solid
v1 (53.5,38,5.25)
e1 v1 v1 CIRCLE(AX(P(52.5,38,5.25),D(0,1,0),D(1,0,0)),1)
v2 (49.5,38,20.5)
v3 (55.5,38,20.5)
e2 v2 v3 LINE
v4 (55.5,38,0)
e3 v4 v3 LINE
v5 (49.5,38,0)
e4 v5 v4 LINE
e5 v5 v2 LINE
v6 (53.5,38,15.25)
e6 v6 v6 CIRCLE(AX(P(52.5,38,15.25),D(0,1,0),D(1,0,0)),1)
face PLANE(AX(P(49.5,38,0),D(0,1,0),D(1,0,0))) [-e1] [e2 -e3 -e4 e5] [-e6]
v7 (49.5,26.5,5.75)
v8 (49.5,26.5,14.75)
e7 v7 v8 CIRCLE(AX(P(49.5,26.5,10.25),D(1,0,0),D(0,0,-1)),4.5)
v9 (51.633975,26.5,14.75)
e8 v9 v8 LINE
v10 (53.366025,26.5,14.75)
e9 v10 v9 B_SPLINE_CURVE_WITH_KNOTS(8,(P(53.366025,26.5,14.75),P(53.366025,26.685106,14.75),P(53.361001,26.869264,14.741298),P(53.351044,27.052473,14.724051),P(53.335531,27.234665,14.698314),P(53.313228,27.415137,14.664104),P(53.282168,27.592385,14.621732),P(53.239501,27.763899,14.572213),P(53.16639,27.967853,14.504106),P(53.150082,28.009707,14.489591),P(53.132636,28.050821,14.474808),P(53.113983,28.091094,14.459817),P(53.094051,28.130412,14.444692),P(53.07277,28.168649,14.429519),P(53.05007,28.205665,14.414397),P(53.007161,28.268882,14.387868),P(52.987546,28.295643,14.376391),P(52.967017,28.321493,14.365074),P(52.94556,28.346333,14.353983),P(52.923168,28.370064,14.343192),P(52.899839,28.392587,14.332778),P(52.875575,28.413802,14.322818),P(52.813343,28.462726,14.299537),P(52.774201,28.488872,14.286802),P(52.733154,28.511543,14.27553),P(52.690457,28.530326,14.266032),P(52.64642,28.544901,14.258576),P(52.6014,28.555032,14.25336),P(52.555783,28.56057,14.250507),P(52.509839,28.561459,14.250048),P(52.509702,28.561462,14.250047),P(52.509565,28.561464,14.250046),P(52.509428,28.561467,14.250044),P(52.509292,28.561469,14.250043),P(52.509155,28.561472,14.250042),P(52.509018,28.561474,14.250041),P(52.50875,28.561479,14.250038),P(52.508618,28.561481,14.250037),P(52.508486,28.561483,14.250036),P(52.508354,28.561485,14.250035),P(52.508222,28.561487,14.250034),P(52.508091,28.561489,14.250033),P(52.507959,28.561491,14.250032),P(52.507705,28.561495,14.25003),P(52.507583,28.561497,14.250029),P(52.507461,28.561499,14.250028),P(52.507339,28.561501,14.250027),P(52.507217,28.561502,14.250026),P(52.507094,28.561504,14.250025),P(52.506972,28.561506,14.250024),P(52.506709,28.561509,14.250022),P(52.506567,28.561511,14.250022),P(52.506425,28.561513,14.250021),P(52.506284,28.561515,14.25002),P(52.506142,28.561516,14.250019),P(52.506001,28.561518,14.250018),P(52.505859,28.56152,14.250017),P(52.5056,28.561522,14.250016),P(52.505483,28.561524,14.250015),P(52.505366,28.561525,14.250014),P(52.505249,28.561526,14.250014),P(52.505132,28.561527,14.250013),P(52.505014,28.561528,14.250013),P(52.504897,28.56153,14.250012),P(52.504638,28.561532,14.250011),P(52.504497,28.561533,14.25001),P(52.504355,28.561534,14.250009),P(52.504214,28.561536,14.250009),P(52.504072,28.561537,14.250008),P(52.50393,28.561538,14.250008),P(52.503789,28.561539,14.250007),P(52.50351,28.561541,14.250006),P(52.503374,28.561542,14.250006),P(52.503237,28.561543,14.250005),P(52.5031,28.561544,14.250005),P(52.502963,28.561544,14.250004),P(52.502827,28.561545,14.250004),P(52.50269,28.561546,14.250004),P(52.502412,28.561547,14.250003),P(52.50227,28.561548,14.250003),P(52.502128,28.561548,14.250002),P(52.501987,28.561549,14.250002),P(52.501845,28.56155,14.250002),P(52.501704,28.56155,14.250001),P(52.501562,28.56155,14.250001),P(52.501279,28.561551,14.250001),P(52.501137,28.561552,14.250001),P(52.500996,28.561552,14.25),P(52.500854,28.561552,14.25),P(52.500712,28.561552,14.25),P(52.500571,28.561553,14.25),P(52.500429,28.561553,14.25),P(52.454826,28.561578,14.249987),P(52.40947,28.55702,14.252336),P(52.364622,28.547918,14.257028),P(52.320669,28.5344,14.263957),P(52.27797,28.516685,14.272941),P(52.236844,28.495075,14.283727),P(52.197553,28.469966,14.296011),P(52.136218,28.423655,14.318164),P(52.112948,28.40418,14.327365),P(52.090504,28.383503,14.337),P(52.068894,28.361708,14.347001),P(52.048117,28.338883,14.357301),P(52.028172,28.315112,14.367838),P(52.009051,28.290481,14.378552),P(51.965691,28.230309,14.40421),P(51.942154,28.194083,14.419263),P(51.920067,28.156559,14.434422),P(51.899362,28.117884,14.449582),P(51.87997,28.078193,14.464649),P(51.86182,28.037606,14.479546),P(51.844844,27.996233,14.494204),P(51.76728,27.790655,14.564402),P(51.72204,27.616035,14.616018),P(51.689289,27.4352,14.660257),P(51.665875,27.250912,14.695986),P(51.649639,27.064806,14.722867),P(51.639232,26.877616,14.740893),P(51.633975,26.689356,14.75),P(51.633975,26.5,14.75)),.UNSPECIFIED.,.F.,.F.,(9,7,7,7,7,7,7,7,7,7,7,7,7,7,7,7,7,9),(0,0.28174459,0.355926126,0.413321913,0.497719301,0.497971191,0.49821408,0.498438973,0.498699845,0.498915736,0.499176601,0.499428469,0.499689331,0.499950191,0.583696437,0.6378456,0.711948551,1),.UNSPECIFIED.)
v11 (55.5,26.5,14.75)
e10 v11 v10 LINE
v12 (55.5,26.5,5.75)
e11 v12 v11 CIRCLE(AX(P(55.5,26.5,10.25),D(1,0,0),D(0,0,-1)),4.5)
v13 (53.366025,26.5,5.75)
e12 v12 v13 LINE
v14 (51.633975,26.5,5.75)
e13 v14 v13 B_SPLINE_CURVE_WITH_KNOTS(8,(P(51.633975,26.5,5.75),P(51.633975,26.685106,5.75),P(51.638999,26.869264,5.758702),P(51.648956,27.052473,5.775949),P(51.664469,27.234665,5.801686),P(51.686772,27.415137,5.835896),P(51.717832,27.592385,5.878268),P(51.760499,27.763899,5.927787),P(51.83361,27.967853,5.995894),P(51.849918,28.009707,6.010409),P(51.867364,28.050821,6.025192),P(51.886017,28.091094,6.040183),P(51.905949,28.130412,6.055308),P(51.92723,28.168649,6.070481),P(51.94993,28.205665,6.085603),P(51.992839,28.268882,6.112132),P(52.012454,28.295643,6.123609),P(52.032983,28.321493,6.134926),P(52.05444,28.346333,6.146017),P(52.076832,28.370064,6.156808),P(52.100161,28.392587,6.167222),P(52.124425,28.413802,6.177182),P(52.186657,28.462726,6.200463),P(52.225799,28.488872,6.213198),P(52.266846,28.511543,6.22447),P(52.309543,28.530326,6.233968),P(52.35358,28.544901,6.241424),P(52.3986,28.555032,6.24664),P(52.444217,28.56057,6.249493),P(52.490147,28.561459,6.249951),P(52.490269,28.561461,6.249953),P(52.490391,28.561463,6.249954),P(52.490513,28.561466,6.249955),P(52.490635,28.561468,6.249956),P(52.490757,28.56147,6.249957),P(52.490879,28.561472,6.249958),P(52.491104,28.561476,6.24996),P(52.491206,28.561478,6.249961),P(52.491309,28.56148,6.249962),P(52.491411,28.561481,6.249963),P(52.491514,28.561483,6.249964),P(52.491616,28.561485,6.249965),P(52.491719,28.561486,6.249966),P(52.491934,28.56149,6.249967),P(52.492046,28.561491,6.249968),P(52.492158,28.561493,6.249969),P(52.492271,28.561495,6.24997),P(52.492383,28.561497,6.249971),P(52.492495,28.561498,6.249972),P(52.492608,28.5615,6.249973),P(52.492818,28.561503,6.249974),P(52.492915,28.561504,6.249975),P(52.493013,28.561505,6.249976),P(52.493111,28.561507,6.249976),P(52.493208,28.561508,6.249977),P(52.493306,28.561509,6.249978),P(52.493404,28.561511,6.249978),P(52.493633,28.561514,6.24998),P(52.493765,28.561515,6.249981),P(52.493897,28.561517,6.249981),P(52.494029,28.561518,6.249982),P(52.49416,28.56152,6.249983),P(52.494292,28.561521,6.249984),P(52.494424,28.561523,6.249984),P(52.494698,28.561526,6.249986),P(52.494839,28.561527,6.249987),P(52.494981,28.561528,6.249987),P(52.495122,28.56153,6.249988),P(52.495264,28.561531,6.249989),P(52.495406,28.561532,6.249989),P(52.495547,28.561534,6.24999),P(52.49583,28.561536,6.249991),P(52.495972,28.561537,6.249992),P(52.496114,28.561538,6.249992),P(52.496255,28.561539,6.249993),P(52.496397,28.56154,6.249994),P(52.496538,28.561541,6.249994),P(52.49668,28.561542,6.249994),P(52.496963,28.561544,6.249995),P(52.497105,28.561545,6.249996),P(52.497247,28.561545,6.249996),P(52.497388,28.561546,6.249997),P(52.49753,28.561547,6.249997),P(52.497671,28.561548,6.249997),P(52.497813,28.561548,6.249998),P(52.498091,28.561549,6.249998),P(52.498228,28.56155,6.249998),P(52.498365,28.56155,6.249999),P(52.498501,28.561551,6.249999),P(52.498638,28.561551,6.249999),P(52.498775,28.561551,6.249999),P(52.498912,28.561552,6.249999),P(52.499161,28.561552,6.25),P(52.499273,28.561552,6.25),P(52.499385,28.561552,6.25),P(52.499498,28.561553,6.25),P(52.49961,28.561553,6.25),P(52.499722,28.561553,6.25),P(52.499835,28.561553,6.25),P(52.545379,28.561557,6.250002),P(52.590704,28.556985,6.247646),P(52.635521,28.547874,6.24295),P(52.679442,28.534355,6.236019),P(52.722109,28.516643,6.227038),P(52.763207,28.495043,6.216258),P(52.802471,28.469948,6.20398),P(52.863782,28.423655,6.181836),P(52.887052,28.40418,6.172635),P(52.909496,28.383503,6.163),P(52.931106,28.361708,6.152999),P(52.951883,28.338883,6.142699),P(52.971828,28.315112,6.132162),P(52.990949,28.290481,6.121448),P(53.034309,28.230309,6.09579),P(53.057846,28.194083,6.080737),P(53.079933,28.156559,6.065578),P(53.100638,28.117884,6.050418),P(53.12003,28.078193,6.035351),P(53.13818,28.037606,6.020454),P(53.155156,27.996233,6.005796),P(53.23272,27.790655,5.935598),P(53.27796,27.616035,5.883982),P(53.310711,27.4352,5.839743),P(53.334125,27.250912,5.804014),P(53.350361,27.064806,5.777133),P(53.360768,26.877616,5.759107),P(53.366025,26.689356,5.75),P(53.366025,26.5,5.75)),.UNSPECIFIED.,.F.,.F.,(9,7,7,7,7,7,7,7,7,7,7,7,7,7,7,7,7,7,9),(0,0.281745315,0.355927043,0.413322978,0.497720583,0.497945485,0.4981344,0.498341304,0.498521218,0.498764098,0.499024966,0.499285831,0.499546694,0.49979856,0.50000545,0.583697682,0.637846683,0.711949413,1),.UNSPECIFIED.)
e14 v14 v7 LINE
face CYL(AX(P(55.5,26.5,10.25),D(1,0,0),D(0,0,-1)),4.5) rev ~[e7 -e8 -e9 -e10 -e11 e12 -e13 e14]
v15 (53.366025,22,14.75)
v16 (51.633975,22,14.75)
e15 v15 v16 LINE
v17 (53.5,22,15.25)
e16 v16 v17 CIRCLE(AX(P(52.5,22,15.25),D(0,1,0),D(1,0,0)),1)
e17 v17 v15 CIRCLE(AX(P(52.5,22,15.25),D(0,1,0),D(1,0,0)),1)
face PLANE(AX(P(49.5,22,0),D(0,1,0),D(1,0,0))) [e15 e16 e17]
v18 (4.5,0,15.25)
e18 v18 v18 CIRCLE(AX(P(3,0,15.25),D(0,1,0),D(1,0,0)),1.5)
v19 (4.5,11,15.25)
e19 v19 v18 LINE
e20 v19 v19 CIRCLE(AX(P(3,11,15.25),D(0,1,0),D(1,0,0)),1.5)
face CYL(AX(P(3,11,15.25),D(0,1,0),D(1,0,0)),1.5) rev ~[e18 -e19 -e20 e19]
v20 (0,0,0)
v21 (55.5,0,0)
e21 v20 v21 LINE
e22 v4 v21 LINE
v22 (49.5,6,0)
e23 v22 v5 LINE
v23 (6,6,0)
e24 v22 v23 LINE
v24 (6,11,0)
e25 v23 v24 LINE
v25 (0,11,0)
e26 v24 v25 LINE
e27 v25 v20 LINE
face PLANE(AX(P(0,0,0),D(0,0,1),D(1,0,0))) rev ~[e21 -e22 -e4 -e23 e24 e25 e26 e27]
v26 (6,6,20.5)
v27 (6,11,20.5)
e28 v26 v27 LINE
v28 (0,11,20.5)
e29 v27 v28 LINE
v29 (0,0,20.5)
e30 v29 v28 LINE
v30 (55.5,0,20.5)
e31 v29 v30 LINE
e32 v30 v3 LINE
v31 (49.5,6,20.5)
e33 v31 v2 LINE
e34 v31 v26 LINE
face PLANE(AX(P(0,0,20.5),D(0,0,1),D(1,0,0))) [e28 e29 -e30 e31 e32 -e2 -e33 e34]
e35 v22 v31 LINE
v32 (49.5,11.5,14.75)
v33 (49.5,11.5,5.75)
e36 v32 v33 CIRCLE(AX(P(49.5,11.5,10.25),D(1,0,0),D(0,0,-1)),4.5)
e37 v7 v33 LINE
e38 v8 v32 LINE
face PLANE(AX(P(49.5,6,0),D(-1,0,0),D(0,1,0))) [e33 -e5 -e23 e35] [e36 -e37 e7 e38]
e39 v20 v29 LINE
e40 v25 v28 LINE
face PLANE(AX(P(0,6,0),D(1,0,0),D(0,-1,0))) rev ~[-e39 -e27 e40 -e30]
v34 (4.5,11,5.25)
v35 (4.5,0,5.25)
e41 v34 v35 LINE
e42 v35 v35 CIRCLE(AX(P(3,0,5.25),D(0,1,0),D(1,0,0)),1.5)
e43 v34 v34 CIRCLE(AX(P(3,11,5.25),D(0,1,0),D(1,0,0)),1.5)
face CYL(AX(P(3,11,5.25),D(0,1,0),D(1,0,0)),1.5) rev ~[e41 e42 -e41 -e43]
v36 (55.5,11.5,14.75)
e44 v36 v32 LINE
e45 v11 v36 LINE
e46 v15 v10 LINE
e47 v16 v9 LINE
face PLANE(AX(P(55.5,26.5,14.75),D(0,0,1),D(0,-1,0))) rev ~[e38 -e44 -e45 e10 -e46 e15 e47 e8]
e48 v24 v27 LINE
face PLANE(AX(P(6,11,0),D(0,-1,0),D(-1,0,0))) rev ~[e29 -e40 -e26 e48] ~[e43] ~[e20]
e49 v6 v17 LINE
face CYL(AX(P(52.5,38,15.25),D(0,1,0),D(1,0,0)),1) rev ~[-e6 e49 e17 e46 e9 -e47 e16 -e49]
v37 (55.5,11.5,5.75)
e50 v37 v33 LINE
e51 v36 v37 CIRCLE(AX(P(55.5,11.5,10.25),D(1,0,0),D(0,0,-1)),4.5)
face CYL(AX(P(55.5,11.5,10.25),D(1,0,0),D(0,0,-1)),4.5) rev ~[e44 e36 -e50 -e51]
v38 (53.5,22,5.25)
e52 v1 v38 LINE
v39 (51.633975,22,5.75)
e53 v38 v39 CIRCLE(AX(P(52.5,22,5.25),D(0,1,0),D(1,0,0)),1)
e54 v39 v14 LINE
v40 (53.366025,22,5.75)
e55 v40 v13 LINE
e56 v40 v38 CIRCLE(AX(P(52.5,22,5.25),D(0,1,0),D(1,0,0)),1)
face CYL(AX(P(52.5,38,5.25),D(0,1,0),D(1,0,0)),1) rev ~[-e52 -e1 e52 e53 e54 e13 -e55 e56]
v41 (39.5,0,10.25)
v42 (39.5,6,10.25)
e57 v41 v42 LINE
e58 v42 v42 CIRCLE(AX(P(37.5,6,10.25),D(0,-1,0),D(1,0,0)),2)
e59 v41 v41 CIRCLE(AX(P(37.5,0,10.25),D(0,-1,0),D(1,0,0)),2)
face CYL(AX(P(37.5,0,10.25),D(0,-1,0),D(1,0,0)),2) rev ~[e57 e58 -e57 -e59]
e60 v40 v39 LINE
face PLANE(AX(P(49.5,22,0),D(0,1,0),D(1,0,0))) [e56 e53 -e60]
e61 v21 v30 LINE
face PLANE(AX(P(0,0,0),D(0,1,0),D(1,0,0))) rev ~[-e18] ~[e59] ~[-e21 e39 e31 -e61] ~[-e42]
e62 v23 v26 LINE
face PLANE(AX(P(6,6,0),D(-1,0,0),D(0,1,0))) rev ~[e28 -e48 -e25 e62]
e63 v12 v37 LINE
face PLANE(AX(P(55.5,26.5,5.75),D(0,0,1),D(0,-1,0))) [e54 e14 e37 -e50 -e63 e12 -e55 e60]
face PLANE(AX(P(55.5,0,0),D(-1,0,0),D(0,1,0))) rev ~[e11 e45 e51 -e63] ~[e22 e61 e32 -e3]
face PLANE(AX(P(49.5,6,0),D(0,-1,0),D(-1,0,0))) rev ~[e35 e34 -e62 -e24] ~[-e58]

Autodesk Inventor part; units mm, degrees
ref_plane "YZ Plane" through (0, 0, 0) normal (1, 0, 0) x (0, 1, 0)
ref_plane "XZ Plane" through (0, 0, 0) normal (0, 1, 0) x (-1, 0, 0)
ref_plane "XY Plane" through (0, 0, 0) normal (0, 0, 1) x (1, 0, 0)
sketch "Эскиз1" plane through (0, 0, 0) normal (0, 0, 1) x (1, 0, 0)
  line L0 (0, 0) -> (55.5, 0)
  line L1 (55.5, 0) -> (55.5, 6)
  line L2 (55.5, 6) -> (0, 6)
  line L3 (0, 6) -> (0, 0)
  line L4 (0, 6) -> (6, 6)
  line L5 (6, 6) -> (6, 11)
  line L6 (6, 11) -> (0, 11)
  line L7 (0, 11) -> (0, 6)
  line L8 (55.5, 6) -> (49.5, 6)
  line L9 (49.5, 6) -> (49.5, 38)
  line L10 (49.5, 38) -> (55.5, 38)
  line L11 (55.5, 38) -> (55.5, 6)
  dimension "d0" = 38
  dimension "d1" = 6
  dimension "d2" = 6
  dimension "d3" = 6
  dimension "d4" = 11
  dimension "d5" = 55.5
extrude "Выдавливание1" add sketch "Эскиз1" along normal blind 20.5
sketch "Эскиз2" plane through (55.5, 0, 0) normal (1, 0, 0) x (0, 0, -1)
  circle A0 centre (-10.25, 26.5) radius 4.5
  circle A1 centre (-10.25, 11.5) radius 4.5
  line L0 (-5.75, 26.5) -> (-5.75, 11.5)
  line L1 (-14.75, 26.5) -> (-14.75, 11.5)
  line L2 (0, 0) -> (-20.5, 0) projected
  point P0 (-10.25, 0)
  dimension "d8" = 9
  dimension "d9" = 11.5
  dimension "d10" = 24
extrude "Выдавливание2" cut sketch "Эскиз2" against normal up to next
sketch "Эскиз3" plane through (0, 0, 0) normal (0, -1, 0) x (1, 0, 0)
  circle A0 centre (37.5, 10.25) radius 2
  line L0 (55.5, 0) -> (55.5, 20.5) projected
  point P0 (0, 0)
  point P1 (55.5, 10.25)
  dimension "d13" = 4
  dimension "d14" = 18
extrude "Выдавливание3" cut sketch "Эскиз3" against normal up to next
sketch "Эскиз4" plane through (49.5, 38, 0) normal (0, 1, 0) x (1, 0, 0)
  circle A0 centre (3, -15.25) radius 1
  circle A1 centre (3, -5.25) radius 1
  line L0 (0, 0) -> (0, -20.5) projected
  line L1 (6, -20.5) -> (0, -20.5) projected
  line L2 (3, -5.25) -> (3, -15.25) construction
  line L3 (6, 0) -> (6, -20.5) projected
  point P0 (-49.5, 0)
  point P1 (3, -10.25)
  point P2 (6, -10.25)
  dimension "d17" = 2
  dimension "d18" = 10
  dimension "d19" = 2
extrude "Выдавливание4" cut sketch "Эскиз4" against normal blind 16
sketch "Эскиз5" plane through (0, 11, 0) normal (0, 1, 0) x (1, 0, 0)
  circle A0 centre (3, -5.25) radius 1.5
  circle A1 centre (3, -15.25) radius 1.5
  circle A2 centre (52.5, -5.25) radius 1 projected
  circle A3 centre (52.5, -15.25) radius 1 projected
  line L0 (6, 0) -> (0, 0) projected
  point P0 (3, 0)
  dimension "d23" = 3
extrude "Выдавливание5" cut sketch "Эскиз5" against normal up to next contours A0 | A1
properties part number "kreplenie1" material "Пластик АБС"
